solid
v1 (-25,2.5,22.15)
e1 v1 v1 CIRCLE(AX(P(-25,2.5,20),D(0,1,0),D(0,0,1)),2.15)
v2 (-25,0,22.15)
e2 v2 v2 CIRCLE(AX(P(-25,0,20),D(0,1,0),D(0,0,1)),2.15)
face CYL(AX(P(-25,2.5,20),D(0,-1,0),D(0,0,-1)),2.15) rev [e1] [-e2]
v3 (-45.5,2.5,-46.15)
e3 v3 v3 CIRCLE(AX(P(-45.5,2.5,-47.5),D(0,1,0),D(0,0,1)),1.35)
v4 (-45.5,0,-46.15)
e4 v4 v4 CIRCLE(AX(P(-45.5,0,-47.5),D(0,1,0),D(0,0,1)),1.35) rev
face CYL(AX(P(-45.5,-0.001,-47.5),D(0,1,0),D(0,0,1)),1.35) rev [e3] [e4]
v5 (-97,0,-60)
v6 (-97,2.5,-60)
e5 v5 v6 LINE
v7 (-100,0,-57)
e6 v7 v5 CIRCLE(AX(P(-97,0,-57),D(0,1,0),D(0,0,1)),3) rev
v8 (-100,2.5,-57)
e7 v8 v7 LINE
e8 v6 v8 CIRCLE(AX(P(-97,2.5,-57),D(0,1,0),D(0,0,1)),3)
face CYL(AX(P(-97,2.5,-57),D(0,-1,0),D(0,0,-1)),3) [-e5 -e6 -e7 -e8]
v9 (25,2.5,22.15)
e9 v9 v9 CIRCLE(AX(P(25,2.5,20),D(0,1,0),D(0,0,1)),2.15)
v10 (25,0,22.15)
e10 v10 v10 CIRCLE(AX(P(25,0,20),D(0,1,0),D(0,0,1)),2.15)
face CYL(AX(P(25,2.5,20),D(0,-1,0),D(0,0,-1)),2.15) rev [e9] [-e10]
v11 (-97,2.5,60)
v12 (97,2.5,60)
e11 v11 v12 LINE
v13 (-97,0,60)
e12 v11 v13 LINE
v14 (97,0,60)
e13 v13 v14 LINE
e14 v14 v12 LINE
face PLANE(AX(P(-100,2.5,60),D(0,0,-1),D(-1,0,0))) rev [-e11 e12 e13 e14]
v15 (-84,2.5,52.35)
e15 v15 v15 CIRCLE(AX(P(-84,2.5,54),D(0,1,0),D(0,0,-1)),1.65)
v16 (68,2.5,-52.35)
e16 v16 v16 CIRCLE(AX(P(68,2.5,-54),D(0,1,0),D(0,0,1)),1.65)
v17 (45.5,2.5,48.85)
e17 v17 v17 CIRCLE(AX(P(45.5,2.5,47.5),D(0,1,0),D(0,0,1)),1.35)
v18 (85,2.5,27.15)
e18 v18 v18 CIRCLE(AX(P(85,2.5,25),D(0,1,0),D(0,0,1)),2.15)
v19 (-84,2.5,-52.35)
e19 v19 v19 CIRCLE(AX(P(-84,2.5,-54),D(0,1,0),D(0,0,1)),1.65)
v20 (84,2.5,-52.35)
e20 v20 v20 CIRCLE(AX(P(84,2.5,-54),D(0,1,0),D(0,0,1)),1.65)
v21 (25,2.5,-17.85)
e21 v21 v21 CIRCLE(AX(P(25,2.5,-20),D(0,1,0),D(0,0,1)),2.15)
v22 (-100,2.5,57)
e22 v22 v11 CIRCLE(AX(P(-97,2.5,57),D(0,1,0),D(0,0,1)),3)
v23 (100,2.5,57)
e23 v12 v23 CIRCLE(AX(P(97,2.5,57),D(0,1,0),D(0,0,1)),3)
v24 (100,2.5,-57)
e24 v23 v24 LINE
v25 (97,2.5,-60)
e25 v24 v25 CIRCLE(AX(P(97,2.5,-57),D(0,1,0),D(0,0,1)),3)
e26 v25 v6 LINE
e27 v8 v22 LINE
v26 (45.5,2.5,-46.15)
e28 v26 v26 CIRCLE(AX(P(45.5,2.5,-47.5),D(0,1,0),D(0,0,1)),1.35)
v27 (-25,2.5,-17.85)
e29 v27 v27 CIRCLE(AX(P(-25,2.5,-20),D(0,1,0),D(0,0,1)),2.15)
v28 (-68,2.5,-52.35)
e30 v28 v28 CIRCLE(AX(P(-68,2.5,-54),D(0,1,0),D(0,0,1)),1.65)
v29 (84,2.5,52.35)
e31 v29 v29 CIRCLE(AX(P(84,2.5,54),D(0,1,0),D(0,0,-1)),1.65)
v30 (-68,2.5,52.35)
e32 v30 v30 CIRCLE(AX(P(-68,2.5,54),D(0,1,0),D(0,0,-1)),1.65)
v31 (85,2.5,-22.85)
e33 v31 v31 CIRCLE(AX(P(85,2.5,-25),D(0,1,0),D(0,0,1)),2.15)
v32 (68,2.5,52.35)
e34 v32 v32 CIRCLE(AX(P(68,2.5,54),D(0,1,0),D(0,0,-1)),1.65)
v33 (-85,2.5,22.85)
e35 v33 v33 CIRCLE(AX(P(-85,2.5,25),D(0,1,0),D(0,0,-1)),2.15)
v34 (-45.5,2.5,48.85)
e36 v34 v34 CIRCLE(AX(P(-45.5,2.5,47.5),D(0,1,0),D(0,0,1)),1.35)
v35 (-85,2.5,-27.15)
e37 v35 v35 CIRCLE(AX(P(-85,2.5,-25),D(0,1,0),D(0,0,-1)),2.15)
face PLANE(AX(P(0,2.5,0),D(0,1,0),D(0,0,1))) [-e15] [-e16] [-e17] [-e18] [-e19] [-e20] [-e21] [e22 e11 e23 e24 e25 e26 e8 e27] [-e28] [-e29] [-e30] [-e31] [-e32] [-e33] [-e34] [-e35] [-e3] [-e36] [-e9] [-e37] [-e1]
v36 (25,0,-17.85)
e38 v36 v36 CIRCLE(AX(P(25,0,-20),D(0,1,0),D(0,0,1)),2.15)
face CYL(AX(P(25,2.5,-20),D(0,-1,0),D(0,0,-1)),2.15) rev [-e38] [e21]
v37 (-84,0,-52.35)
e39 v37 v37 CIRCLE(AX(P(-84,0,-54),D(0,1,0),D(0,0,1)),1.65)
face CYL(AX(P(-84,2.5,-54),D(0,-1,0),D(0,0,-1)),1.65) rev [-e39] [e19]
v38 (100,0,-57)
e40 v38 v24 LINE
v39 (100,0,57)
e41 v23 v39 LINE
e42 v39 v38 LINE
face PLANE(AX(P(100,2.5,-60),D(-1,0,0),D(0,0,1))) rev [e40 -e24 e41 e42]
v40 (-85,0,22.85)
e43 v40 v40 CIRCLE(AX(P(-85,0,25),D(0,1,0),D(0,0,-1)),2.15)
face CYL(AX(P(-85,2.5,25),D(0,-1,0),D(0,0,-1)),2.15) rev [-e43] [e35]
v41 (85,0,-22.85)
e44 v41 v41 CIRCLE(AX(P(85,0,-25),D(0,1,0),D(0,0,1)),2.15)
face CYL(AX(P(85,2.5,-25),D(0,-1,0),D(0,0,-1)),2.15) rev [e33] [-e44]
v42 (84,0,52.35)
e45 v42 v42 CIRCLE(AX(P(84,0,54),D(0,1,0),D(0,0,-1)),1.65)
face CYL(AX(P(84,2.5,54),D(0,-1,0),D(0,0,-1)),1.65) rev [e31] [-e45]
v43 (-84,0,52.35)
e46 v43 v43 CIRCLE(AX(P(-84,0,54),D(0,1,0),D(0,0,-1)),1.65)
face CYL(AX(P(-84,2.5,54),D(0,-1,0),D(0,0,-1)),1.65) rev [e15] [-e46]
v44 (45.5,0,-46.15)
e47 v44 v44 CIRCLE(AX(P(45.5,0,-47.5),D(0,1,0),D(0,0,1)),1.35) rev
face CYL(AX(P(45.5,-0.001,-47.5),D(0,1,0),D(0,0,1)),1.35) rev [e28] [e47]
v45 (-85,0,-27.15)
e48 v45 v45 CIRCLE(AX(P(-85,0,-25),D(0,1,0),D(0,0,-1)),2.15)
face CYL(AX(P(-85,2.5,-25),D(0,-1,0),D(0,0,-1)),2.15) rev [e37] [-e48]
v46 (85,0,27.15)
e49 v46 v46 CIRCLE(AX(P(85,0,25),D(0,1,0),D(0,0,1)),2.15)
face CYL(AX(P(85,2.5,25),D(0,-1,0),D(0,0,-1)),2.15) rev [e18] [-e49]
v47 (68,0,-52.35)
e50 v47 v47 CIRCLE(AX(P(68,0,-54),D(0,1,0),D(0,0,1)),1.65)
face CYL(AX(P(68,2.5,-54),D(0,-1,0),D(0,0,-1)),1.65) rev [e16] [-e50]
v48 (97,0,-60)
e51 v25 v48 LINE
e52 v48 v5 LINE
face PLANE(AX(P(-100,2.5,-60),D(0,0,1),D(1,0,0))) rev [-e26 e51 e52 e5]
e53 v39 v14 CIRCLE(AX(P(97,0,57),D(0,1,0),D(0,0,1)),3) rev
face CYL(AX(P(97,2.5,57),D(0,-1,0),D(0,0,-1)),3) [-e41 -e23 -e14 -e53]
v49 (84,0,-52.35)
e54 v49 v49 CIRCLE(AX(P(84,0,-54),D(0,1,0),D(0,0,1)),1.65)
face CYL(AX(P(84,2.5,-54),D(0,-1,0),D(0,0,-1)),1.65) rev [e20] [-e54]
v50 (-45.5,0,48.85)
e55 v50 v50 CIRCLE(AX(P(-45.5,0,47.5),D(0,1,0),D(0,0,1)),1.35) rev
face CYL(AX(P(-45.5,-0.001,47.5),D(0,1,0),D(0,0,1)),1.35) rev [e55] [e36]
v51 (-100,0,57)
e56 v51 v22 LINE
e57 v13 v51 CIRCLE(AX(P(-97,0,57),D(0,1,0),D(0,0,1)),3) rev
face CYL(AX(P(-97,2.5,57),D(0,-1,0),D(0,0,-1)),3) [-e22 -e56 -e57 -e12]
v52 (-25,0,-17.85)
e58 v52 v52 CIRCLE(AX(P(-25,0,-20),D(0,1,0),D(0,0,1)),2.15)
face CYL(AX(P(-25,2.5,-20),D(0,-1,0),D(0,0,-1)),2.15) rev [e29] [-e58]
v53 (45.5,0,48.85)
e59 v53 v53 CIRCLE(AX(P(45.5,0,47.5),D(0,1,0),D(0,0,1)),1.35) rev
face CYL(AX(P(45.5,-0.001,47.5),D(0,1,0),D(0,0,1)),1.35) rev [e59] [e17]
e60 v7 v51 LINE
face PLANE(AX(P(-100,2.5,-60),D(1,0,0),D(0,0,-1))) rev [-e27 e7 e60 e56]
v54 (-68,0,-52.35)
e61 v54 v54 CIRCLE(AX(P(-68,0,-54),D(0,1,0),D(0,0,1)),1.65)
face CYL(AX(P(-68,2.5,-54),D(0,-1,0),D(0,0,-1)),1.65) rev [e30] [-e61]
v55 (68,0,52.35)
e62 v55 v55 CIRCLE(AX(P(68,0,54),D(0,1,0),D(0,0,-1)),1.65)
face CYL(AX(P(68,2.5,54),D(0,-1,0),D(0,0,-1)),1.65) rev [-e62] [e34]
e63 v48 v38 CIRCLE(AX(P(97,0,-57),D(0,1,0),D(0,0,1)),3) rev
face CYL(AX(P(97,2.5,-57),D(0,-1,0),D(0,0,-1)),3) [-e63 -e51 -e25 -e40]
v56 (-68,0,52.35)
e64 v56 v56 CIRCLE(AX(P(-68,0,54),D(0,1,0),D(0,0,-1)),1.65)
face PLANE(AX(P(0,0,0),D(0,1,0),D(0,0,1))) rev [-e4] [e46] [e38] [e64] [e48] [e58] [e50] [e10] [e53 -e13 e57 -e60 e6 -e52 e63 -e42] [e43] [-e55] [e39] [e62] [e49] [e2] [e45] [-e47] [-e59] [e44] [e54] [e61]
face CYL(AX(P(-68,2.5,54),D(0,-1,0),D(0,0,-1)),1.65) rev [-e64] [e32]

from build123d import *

# Parameters (mm, degrees)
SKETCH_1_W          = 200
SKETCH_1_H          = 120
SKETCH_1_R          = 1.65
SKETCH_1_R_2        = 2.15
EXTRUDE_2_DEPTH     = 2.5
CUT_EXTRUDE_1_REACH = 118.646
SKETCH_2_R          = 1.35
FILLET_1_R          = 3


with BuildPart() as part:
    # 草圖1 → 填料-伸長2 (new body)
    with BuildSketch(Plane(origin=(0, 0, 0), x_dir=(1, 0, 0), z_dir=(0, 1, 0))):
        Rectangle(SKETCH_1_W, SKETCH_1_H)
        with Locations(Location((-84, 54, 0), (0, 0, 270))):
            Circle(SKETCH_1_R, mode=Mode.SUBTRACT)
        with Locations(Location((-68, 54, 0), (0, 0, 270))):
            Circle(SKETCH_1_R, mode=Mode.SUBTRACT)
        with Locations(Location((68, 54, 0), (0, 0, 270))):
            Circle(SKETCH_1_R, mode=Mode.SUBTRACT)
        with Locations(Location((84, 54, 0), (0, 0, 270))):
            Circle(SKETCH_1_R, mode=Mode.SUBTRACT)
        with Locations(Location((84, -54, 0), (0, 0, 90))):
            Circle(SKETCH_1_R, mode=Mode.SUBTRACT)
        with Locations(Location((68, -54, 0), (0, 0, 90))):
            Circle(SKETCH_1_R, mode=Mode.SUBTRACT)
        with Locations(Location((-68, -54, 0), (0, 0, 90))):
            Circle(SKETCH_1_R, mode=Mode.SUBTRACT)
        with Locations(Location((-84, -54, 0), (0, 0, 90))):
            Circle(SKETCH_1_R, mode=Mode.SUBTRACT)
        with Locations(Location((25, 20, 0), (0, 0, 270))):
            Circle(SKETCH_1_R_2, mode=Mode.SUBTRACT)
        with Locations(Location((-25, 20, 0), (0, 0, 270))):
            Circle(SKETCH_1_R_2, mode=Mode.SUBTRACT)
        with Locations(Location((-25, -20, 0), (0, 0, 270))):
            Circle(SKETCH_1_R_2, mode=Mode.SUBTRACT)
        with Locations(Location((25, -20, 0), (0, 0, 270))):
            Circle(SKETCH_1_R_2, mode=Mode.SUBTRACT)
        with Locations(Location((85, 25, 0), (0, 0, 270))):
            Circle(SKETCH_1_R_2, mode=Mode.SUBTRACT)
        with Locations(Location((85, -25, 0), (0, 0, 270))):
            Circle(SKETCH_1_R_2, mode=Mode.SUBTRACT)
        with Locations(Location((-85, -25, 0), (0, 0, 90))):
            Circle(SKETCH_1_R_2, mode=Mode.SUBTRACT)
        with Locations(Location((-85, 25, 0), (0, 0, 90))):
            Circle(SKETCH_1_R_2, mode=Mode.SUBTRACT)
    extrude(amount=EXTRUDE_2_DEPTH)

    # 草圖2 → 除料-伸長1 (cut, up to next)
    with BuildSketch(Plane(origin=(0, 2.5, 0), x_dir=(1, 0, 0), z_dir=(0, 1, 0)), mode=Mode.PRIVATE) as cut_extrude_1_sk1:
        with Locations(Location((-45.5, 47.5, 0), (0, 0, 270))):
            Circle(SKETCH_2_R)
    cut_extrude_1_tool1 = extrude(cut_extrude_1_sk1.sketch, amount=-CUT_EXTRUDE_1_REACH, mode=Mode.PRIVATE) & part.part
    # 草圖2 → 除料-伸長1 (cut, up to next)
    with BuildSketch(Plane(origin=(0, 2.5, 0), x_dir=(1, 0, 0), z_dir=(0, 1, 0)), mode=Mode.PRIVATE) as cut_extrude_1_sk2:
        with Locations(Location((45.5, 47.5, 0), (0, 0, 270))):
            Circle(SKETCH_2_R)
    cut_extrude_1_tool2 = extrude(cut_extrude_1_sk2.sketch, amount=-CUT_EXTRUDE_1_REACH, mode=Mode.PRIVATE) & part.part
    # 草圖2 → 除料-伸長1 (cut, up to next)
    with BuildSketch(Plane(origin=(0, 2.5, 0), x_dir=(1, 0, 0), z_dir=(0, 1, 0)), mode=Mode.PRIVATE) as cut_extrude_1_sk3:
        with Locations(Location((-45.5, -47.5, 0), (0, 0, 270))):
            Circle(SKETCH_2_R)
    cut_extrude_1_tool3 = extrude(cut_extrude_1_sk3.sketch, amount=-CUT_EXTRUDE_1_REACH, mode=Mode.PRIVATE) & part.part
    # 草圖2 → 除料-伸長1 (cut, up to next)
    with BuildSketch(Plane(origin=(0, 2.5, 0), x_dir=(1, 0, 0), z_dir=(0, 1, 0)), mode=Mode.PRIVATE) as cut_extrude_1_sk4:
        with Locations(Location((45.5, -47.5, 0), (0, 0, 270))):
            Circle(SKETCH_2_R)
    cut_extrude_1_tool4 = extrude(cut_extrude_1_sk4.sketch, amount=-CUT_EXTRUDE_1_REACH, mode=Mode.PRIVATE) & part.part
    add(cut_extrude_1_tool1.solids().sort_by_distance((-45.5, 2.5, -47.5))[0], mode=Mode.SUBTRACT)
    add(cut_extrude_1_tool2.solids().sort_by_distance((45.5, 2.5, -47.5))[0], mode=Mode.SUBTRACT)
    add(cut_extrude_1_tool3.solids().sort_by_distance((-45.5, 2.5, 47.5))[0], mode=Mode.SUBTRACT)
    add(cut_extrude_1_tool4.solids().sort_by_distance((45.5, 2.5, 47.5))[0], mode=Mode.SUBTRACT)

    # 圓角1
    fillet_1_edges = [part.edges().sort_by_distance(p)[0] for p in [
        (-100, 1.25, -60),
        (100, 1.25, -60),
        (100, 1.25, 60),
        (-100, 1.25, 60),
    ]]
    fillet(fillet_1_edges, radius=FILLET_1_R)


solid = part.part
